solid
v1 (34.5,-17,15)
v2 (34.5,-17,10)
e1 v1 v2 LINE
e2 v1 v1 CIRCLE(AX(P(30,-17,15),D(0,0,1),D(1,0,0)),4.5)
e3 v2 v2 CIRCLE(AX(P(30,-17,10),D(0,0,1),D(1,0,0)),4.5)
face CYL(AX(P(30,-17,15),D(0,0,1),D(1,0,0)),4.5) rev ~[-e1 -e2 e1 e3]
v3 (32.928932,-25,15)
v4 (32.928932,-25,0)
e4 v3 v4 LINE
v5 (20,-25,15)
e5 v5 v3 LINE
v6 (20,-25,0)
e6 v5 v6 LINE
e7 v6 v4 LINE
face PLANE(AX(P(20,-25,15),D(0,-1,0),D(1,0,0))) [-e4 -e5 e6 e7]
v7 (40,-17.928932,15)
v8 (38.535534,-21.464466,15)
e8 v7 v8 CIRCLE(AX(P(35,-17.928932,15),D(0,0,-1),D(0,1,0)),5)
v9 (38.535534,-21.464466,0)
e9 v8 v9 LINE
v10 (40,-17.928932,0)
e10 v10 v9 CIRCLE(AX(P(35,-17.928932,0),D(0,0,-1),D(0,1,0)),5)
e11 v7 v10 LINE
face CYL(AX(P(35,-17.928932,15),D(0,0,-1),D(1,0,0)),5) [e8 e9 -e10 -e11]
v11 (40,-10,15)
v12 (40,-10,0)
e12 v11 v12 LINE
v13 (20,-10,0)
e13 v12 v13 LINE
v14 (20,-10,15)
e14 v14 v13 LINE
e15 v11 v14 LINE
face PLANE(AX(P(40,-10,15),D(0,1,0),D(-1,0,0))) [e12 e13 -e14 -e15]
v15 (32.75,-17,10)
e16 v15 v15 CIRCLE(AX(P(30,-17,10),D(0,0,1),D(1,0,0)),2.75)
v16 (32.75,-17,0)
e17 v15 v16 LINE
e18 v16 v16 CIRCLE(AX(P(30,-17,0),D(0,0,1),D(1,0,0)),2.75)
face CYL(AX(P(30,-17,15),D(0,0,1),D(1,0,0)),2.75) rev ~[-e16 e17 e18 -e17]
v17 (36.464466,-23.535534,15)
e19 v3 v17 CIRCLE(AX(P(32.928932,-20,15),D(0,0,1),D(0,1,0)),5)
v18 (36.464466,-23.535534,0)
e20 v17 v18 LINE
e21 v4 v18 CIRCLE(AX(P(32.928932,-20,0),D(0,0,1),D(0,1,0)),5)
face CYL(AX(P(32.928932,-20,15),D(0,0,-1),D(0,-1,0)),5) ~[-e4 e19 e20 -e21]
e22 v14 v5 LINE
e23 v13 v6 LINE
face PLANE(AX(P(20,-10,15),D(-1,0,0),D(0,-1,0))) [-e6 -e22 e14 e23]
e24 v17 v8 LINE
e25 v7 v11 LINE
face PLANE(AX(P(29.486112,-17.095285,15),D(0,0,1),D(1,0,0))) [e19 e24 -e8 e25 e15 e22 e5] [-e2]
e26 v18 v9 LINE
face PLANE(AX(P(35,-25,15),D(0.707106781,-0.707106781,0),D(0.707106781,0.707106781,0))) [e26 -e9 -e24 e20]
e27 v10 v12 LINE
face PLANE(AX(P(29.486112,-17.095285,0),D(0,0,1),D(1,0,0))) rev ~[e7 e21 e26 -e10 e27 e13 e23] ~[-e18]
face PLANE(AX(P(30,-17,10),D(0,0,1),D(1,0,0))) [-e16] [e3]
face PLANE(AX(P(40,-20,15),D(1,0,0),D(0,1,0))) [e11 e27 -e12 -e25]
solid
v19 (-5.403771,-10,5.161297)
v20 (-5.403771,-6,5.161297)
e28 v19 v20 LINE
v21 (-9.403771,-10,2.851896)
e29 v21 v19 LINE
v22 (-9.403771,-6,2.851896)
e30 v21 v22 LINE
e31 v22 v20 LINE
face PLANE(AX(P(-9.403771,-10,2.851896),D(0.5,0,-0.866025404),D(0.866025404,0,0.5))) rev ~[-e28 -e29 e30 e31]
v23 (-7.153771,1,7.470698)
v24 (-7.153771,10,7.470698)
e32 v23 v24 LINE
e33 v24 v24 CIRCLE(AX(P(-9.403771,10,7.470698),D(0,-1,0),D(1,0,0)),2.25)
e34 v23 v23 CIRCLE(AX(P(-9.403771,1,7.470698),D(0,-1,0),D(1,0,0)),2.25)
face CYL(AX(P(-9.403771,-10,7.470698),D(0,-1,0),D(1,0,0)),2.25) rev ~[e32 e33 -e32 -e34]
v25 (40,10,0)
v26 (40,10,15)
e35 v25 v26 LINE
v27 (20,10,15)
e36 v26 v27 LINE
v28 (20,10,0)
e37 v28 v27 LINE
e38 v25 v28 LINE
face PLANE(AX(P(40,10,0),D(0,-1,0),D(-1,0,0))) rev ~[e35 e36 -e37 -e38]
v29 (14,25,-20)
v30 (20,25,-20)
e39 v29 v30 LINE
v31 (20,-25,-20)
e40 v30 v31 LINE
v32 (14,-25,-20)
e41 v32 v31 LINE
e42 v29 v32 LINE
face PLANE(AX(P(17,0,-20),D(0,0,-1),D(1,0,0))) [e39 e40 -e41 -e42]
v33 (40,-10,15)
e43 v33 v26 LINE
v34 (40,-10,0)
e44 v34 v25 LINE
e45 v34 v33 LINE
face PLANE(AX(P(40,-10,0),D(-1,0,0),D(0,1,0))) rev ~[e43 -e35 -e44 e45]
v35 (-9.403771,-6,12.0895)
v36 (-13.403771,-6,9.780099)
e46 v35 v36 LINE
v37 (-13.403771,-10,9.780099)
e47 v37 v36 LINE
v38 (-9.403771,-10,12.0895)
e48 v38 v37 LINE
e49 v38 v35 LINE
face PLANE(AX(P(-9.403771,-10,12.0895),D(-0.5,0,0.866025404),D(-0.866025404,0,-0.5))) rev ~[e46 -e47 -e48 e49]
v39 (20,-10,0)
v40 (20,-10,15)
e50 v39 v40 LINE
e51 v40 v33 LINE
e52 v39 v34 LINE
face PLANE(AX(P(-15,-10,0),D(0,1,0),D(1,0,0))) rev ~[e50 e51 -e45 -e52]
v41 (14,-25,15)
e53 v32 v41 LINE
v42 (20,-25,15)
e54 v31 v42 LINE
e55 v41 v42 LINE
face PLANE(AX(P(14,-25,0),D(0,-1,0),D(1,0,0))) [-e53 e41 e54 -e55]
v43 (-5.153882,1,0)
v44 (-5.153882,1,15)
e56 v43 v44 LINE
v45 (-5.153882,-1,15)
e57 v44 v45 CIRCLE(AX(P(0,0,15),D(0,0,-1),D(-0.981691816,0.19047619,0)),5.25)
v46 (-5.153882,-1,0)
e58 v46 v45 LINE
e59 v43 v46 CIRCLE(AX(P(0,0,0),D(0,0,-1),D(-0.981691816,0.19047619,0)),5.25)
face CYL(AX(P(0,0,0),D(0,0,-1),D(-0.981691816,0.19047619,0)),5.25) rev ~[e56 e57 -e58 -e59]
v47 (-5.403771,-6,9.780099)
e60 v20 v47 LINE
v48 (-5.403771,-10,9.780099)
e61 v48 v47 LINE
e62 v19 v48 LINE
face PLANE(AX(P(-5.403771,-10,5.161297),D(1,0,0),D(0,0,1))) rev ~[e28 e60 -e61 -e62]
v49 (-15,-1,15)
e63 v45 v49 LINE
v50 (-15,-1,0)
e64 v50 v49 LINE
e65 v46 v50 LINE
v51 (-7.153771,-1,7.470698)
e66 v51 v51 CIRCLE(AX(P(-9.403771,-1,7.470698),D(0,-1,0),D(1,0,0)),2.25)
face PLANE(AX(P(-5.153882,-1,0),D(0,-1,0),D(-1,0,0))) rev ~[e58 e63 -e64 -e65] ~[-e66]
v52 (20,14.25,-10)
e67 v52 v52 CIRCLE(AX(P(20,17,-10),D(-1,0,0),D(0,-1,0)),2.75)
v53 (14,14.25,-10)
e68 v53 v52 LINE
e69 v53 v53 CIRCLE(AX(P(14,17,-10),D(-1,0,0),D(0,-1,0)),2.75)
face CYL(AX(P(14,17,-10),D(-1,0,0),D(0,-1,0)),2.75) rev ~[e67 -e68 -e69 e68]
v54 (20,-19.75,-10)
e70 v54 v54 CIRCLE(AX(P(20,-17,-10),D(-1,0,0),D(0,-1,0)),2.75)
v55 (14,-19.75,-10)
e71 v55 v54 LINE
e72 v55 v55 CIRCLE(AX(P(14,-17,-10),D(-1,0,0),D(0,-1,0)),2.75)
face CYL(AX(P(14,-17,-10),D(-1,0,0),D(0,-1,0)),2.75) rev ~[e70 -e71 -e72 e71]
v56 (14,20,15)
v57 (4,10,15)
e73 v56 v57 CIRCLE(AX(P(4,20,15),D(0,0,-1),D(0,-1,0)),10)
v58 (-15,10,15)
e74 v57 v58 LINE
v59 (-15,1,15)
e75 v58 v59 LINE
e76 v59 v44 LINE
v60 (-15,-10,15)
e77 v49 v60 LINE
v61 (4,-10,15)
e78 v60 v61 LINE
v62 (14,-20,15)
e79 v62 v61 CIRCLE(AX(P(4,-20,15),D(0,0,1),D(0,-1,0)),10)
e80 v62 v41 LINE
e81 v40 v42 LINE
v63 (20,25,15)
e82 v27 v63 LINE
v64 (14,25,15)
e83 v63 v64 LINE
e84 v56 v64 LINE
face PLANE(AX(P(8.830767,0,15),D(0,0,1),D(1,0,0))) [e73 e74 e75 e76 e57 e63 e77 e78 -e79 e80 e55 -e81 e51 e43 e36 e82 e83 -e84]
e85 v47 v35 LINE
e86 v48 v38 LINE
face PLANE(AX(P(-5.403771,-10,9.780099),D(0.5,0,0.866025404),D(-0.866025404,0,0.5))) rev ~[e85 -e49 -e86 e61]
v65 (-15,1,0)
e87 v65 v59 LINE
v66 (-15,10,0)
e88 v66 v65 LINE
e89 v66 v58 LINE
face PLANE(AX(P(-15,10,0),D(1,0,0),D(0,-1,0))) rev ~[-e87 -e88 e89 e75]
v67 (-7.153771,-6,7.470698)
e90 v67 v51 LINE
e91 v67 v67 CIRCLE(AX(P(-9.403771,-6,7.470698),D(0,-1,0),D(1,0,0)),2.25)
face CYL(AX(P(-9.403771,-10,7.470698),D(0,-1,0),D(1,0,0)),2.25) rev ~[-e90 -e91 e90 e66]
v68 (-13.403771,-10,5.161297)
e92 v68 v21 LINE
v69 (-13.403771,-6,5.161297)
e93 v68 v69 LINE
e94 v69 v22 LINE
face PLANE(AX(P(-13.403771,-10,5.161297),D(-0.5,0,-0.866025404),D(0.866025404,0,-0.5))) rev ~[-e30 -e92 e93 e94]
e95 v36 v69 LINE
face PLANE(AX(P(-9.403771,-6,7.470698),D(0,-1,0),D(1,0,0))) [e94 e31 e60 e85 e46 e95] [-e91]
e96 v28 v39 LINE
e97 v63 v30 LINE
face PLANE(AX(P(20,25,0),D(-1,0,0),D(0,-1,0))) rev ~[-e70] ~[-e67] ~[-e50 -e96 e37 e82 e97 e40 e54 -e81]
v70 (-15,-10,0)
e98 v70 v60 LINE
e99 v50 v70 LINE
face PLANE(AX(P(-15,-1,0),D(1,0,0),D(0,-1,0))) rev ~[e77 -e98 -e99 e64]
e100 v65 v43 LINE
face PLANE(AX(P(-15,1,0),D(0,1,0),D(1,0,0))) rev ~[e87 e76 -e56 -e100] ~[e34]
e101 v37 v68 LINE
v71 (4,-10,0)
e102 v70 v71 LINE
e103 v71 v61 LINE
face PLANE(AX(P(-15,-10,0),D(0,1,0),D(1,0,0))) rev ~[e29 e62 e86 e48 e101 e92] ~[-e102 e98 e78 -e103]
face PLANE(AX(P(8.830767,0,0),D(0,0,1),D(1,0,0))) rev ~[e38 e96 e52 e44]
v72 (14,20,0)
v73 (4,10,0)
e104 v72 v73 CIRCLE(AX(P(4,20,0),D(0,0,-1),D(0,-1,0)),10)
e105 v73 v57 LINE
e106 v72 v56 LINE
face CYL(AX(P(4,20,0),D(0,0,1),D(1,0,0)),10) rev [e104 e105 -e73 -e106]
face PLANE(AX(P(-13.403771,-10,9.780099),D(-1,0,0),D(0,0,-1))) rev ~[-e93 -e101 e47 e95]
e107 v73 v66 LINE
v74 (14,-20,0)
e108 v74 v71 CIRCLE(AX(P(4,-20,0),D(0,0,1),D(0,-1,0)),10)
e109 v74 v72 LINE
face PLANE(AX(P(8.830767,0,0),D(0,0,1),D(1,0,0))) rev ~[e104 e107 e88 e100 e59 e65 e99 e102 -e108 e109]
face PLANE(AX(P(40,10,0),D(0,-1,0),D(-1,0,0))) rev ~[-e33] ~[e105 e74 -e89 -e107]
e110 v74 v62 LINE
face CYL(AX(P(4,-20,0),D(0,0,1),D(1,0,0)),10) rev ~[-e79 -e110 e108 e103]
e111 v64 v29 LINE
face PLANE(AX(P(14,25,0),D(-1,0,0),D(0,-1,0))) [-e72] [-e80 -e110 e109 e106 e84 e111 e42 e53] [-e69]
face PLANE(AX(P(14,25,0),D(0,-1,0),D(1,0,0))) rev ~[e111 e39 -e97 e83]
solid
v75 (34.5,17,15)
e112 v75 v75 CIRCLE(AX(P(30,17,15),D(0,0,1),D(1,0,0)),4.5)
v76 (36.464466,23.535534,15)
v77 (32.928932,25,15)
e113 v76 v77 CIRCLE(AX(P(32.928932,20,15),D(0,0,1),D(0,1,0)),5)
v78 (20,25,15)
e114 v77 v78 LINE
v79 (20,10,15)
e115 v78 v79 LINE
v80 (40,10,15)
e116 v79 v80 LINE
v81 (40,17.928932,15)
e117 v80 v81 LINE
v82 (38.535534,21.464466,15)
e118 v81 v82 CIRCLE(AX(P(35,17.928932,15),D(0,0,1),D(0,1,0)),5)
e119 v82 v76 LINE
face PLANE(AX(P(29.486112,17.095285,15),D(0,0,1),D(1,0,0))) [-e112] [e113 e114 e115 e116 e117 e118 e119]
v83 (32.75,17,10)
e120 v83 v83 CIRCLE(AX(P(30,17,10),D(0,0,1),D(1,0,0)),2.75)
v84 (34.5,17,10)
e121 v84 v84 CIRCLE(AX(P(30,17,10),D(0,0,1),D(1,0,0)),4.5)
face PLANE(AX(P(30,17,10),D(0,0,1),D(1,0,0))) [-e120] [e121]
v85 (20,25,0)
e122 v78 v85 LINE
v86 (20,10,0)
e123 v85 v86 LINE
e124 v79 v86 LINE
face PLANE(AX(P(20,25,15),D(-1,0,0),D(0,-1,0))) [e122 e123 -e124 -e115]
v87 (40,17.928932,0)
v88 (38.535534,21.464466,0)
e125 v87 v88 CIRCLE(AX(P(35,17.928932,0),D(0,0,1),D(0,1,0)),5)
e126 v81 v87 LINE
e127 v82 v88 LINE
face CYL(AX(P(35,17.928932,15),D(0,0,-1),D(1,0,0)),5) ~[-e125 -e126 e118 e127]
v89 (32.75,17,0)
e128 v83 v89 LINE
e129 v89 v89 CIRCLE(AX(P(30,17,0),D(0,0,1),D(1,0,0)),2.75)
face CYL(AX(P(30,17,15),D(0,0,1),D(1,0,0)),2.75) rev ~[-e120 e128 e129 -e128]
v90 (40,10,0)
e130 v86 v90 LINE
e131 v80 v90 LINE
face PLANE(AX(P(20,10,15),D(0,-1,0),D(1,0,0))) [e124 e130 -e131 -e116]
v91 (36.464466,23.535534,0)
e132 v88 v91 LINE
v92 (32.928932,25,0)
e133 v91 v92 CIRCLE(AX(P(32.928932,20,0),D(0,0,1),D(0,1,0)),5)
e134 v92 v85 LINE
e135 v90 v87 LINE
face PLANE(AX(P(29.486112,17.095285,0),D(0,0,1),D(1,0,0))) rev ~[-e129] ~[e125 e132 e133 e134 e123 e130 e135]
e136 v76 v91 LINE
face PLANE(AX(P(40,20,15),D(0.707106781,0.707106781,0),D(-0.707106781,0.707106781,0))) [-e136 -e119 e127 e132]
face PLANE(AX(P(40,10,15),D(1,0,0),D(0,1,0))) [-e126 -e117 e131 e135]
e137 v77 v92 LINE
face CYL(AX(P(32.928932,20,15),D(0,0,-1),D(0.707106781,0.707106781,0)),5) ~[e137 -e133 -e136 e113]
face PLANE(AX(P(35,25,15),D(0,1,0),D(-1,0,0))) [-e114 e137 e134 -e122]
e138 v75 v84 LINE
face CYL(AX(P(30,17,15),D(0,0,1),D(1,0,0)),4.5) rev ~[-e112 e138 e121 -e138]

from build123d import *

# Parameters (mm, degrees)
F1_DEPTH  = 15
F2_W      = 6
F2_H      = 15
F3_DEPTH  = 15
F4_W      = 6
F4_H      = 15
F5_DEPTH  = 15
F6_W      = 6
F6_H      = 50
F7_DEPTH  = 20
F8_R      = 2.75
F9_DEPTH  = 10
F11_DEPTH = 15
F12_R     = 10
F13_R     = 5
F13_2_R   = 5
F14_R     = 2.25
F15_DEPTH = 25
F16_DEPTH = 4
F17_R     = 2.75
F18_DEPTH = 20
F17_R_2   = 4.5
F19_DEPTH = 5
F20_R     = 2.75
F21_DEPTH = 20
F20_R_2   = 4.5
F22_DEPTH = 5


with BuildPart() as f1:
    # F0 (on Top) → F1 (new body)
    with BuildSketch(Plane.XY):
        with BuildLine():
            ThreePointArc((-5.153882032, 1), (5.25, 0), (-5.153882032, -1))
            Line((-5.153882032, -1), (-15, -1))
            Line((-15, -1), (-15, -10))
            Line((-15, -10), (40, -10))
            Line((40, -10), (40, 10))
            Line((40, 10), (-15, 10))
            Line((-15, 10), (-15, 1))
            Line((-15, 1), (-5.153882032, 1))
        make_face()
    extrude(amount=F1_DEPTH)

    # F2 (on face) → F3 (join)
    with BuildSketch(Plane.XZ.offset(10)):
        with Locations((17, 7.5)):
            Rectangle(F2_W, F2_H)
    extrude(amount=F3_DEPTH)

    # F4 (on face) → F5 (join)
    with BuildSketch(Plane(origin=(0, 10, 0), x_dir=(-1, 0, 0), z_dir=(0, 1, 0))):
        with Locations((-17, 7.5)):
            Rectangle(F4_W, F4_H)
    extrude(amount=F5_DEPTH)

    # F6 (on face) → F7 (join)
    with BuildSketch(Plane(origin=(0, 0, 0), x_dir=(1, 0, 0), z_dir=(0, 0, -1))):
        with Locations((17, 0)):
            Rectangle(F6_W, F6_H)
    extrude(amount=F7_DEPTH)

    # F8 (on face) → F9 (cut)
    with BuildSketch(Plane(origin=(14, 0, 0), x_dir=(0, -1, 0), z_dir=(-1, 0, 0))):
        with Locations((-17, -10)):
            Circle(F8_R)
        with Locations((17, -10)):
            Circle(F8_R)
    extrude(amount=-F9_DEPTH, mode=Mode.SUBTRACT)

    # F12
    f12_edges = [f1.edges().sort_by_distance(p)[0] for p in [
        (14, -10, 7.5),
        (14, 10, 7.5),
    ]]
    fillet(f12_edges, radius=F12_R)

    # F14 (on face) → F15 (cut)
    with BuildSketch(Plane.XZ.offset(10)):
        with Locations((-9.4037707895, 7.4706980959)):
            Circle(F14_R)
    extrude(amount=-F15_DEPTH, mode=Mode.SUBTRACT)

    # F14 (on face) → F16 (cut)
    with BuildSketch(Plane.XZ.offset(10)):
        Polygon((-5.4037707895, 5.1612970191), (-5.4037707895, 9.7800991726), (-9.4037707895, 12.0895002494), (-13.4037707895, 9.7800991726), (-13.4037707895, 5.1612970191), (-9.4037707895, 2.8518959423), align=None)
        with Locations((-9.4037707895, 7.4706980959)):
            Circle(F14_R, mode=Mode.SUBTRACT)
    extrude(amount=-F16_DEPTH, mode=Mode.SUBTRACT)


with BuildPart() as f11:
    # F10 (on face) → F11 (new body)
    with BuildSketch(Plane.XY.offset(15)):
        Polygon((20, 25), (20, 10), (40, 10), (40, 20), (35, 25), align=None)
    extrude(amount=-F11_DEPTH)

    # F13#2
    f13_2_edges = [f11.edges().sort_by_distance(p)[0] for p in [
        (40, 20, 7.5),
        (35, 25, 7.5),
    ]]
    fillet(f13_2_edges, radius=F13_2_R)

    # F17 (on face) → F18 (cut)
    with BuildSketch(Plane.XY.offset(15)):
        with Locations((30, 17)):
            Circle(F17_R)
    extrude(amount=-F18_DEPTH, mode=Mode.SUBTRACT)

    # F17 (on face) → F19 (cut)
    with BuildSketch(Plane.XY.offset(15)):
        with Locations((30, 17)):
            Circle(F17_R_2)
        with Locations((30, 17)):
            Circle(F17_R, mode=Mode.SUBTRACT)
    extrude(amount=-F19_DEPTH, mode=Mode.SUBTRACT)


with BuildPart() as f11b:
    # F10 (on face) → F11, piece 2 (new body)
    with BuildSketch(Plane.XY.offset(15)):
        Polygon((40, -20), (40, -10), (20, -10), (20, -25), (35, -25), align=None)
    extrude(amount=-F11_DEPTH)

    # F13
    f13_edges = [f11b.edges().sort_by_distance(p)[0] for p in [
        (35, -25, 7.5),
        (40, -20, 7.5),
    ]]
    fillet(f13_edges, radius=F13_R)

    # F20 (on face) → F21 (cut)
    with BuildSketch(Plane.XY.offset(15)):
        with Locations((30, -17)):
            Circle(F20_R)
    extrude(amount=-F21_DEPTH, mode=Mode.SUBTRACT)

    # F20 (on face) → F22 (cut)
    with BuildSketch(Plane.XY.offset(15)):
        with Locations((30, -17)):
            Circle(F20_R_2)
        with Locations((30, -17)):
            Circle(F20_R, mode=Mode.SUBTRACT)
    extrude(amount=-F22_DEPTH, mode=Mode.SUBTRACT)


solid = Compound([f1.part, f11.part, f11b.part])
